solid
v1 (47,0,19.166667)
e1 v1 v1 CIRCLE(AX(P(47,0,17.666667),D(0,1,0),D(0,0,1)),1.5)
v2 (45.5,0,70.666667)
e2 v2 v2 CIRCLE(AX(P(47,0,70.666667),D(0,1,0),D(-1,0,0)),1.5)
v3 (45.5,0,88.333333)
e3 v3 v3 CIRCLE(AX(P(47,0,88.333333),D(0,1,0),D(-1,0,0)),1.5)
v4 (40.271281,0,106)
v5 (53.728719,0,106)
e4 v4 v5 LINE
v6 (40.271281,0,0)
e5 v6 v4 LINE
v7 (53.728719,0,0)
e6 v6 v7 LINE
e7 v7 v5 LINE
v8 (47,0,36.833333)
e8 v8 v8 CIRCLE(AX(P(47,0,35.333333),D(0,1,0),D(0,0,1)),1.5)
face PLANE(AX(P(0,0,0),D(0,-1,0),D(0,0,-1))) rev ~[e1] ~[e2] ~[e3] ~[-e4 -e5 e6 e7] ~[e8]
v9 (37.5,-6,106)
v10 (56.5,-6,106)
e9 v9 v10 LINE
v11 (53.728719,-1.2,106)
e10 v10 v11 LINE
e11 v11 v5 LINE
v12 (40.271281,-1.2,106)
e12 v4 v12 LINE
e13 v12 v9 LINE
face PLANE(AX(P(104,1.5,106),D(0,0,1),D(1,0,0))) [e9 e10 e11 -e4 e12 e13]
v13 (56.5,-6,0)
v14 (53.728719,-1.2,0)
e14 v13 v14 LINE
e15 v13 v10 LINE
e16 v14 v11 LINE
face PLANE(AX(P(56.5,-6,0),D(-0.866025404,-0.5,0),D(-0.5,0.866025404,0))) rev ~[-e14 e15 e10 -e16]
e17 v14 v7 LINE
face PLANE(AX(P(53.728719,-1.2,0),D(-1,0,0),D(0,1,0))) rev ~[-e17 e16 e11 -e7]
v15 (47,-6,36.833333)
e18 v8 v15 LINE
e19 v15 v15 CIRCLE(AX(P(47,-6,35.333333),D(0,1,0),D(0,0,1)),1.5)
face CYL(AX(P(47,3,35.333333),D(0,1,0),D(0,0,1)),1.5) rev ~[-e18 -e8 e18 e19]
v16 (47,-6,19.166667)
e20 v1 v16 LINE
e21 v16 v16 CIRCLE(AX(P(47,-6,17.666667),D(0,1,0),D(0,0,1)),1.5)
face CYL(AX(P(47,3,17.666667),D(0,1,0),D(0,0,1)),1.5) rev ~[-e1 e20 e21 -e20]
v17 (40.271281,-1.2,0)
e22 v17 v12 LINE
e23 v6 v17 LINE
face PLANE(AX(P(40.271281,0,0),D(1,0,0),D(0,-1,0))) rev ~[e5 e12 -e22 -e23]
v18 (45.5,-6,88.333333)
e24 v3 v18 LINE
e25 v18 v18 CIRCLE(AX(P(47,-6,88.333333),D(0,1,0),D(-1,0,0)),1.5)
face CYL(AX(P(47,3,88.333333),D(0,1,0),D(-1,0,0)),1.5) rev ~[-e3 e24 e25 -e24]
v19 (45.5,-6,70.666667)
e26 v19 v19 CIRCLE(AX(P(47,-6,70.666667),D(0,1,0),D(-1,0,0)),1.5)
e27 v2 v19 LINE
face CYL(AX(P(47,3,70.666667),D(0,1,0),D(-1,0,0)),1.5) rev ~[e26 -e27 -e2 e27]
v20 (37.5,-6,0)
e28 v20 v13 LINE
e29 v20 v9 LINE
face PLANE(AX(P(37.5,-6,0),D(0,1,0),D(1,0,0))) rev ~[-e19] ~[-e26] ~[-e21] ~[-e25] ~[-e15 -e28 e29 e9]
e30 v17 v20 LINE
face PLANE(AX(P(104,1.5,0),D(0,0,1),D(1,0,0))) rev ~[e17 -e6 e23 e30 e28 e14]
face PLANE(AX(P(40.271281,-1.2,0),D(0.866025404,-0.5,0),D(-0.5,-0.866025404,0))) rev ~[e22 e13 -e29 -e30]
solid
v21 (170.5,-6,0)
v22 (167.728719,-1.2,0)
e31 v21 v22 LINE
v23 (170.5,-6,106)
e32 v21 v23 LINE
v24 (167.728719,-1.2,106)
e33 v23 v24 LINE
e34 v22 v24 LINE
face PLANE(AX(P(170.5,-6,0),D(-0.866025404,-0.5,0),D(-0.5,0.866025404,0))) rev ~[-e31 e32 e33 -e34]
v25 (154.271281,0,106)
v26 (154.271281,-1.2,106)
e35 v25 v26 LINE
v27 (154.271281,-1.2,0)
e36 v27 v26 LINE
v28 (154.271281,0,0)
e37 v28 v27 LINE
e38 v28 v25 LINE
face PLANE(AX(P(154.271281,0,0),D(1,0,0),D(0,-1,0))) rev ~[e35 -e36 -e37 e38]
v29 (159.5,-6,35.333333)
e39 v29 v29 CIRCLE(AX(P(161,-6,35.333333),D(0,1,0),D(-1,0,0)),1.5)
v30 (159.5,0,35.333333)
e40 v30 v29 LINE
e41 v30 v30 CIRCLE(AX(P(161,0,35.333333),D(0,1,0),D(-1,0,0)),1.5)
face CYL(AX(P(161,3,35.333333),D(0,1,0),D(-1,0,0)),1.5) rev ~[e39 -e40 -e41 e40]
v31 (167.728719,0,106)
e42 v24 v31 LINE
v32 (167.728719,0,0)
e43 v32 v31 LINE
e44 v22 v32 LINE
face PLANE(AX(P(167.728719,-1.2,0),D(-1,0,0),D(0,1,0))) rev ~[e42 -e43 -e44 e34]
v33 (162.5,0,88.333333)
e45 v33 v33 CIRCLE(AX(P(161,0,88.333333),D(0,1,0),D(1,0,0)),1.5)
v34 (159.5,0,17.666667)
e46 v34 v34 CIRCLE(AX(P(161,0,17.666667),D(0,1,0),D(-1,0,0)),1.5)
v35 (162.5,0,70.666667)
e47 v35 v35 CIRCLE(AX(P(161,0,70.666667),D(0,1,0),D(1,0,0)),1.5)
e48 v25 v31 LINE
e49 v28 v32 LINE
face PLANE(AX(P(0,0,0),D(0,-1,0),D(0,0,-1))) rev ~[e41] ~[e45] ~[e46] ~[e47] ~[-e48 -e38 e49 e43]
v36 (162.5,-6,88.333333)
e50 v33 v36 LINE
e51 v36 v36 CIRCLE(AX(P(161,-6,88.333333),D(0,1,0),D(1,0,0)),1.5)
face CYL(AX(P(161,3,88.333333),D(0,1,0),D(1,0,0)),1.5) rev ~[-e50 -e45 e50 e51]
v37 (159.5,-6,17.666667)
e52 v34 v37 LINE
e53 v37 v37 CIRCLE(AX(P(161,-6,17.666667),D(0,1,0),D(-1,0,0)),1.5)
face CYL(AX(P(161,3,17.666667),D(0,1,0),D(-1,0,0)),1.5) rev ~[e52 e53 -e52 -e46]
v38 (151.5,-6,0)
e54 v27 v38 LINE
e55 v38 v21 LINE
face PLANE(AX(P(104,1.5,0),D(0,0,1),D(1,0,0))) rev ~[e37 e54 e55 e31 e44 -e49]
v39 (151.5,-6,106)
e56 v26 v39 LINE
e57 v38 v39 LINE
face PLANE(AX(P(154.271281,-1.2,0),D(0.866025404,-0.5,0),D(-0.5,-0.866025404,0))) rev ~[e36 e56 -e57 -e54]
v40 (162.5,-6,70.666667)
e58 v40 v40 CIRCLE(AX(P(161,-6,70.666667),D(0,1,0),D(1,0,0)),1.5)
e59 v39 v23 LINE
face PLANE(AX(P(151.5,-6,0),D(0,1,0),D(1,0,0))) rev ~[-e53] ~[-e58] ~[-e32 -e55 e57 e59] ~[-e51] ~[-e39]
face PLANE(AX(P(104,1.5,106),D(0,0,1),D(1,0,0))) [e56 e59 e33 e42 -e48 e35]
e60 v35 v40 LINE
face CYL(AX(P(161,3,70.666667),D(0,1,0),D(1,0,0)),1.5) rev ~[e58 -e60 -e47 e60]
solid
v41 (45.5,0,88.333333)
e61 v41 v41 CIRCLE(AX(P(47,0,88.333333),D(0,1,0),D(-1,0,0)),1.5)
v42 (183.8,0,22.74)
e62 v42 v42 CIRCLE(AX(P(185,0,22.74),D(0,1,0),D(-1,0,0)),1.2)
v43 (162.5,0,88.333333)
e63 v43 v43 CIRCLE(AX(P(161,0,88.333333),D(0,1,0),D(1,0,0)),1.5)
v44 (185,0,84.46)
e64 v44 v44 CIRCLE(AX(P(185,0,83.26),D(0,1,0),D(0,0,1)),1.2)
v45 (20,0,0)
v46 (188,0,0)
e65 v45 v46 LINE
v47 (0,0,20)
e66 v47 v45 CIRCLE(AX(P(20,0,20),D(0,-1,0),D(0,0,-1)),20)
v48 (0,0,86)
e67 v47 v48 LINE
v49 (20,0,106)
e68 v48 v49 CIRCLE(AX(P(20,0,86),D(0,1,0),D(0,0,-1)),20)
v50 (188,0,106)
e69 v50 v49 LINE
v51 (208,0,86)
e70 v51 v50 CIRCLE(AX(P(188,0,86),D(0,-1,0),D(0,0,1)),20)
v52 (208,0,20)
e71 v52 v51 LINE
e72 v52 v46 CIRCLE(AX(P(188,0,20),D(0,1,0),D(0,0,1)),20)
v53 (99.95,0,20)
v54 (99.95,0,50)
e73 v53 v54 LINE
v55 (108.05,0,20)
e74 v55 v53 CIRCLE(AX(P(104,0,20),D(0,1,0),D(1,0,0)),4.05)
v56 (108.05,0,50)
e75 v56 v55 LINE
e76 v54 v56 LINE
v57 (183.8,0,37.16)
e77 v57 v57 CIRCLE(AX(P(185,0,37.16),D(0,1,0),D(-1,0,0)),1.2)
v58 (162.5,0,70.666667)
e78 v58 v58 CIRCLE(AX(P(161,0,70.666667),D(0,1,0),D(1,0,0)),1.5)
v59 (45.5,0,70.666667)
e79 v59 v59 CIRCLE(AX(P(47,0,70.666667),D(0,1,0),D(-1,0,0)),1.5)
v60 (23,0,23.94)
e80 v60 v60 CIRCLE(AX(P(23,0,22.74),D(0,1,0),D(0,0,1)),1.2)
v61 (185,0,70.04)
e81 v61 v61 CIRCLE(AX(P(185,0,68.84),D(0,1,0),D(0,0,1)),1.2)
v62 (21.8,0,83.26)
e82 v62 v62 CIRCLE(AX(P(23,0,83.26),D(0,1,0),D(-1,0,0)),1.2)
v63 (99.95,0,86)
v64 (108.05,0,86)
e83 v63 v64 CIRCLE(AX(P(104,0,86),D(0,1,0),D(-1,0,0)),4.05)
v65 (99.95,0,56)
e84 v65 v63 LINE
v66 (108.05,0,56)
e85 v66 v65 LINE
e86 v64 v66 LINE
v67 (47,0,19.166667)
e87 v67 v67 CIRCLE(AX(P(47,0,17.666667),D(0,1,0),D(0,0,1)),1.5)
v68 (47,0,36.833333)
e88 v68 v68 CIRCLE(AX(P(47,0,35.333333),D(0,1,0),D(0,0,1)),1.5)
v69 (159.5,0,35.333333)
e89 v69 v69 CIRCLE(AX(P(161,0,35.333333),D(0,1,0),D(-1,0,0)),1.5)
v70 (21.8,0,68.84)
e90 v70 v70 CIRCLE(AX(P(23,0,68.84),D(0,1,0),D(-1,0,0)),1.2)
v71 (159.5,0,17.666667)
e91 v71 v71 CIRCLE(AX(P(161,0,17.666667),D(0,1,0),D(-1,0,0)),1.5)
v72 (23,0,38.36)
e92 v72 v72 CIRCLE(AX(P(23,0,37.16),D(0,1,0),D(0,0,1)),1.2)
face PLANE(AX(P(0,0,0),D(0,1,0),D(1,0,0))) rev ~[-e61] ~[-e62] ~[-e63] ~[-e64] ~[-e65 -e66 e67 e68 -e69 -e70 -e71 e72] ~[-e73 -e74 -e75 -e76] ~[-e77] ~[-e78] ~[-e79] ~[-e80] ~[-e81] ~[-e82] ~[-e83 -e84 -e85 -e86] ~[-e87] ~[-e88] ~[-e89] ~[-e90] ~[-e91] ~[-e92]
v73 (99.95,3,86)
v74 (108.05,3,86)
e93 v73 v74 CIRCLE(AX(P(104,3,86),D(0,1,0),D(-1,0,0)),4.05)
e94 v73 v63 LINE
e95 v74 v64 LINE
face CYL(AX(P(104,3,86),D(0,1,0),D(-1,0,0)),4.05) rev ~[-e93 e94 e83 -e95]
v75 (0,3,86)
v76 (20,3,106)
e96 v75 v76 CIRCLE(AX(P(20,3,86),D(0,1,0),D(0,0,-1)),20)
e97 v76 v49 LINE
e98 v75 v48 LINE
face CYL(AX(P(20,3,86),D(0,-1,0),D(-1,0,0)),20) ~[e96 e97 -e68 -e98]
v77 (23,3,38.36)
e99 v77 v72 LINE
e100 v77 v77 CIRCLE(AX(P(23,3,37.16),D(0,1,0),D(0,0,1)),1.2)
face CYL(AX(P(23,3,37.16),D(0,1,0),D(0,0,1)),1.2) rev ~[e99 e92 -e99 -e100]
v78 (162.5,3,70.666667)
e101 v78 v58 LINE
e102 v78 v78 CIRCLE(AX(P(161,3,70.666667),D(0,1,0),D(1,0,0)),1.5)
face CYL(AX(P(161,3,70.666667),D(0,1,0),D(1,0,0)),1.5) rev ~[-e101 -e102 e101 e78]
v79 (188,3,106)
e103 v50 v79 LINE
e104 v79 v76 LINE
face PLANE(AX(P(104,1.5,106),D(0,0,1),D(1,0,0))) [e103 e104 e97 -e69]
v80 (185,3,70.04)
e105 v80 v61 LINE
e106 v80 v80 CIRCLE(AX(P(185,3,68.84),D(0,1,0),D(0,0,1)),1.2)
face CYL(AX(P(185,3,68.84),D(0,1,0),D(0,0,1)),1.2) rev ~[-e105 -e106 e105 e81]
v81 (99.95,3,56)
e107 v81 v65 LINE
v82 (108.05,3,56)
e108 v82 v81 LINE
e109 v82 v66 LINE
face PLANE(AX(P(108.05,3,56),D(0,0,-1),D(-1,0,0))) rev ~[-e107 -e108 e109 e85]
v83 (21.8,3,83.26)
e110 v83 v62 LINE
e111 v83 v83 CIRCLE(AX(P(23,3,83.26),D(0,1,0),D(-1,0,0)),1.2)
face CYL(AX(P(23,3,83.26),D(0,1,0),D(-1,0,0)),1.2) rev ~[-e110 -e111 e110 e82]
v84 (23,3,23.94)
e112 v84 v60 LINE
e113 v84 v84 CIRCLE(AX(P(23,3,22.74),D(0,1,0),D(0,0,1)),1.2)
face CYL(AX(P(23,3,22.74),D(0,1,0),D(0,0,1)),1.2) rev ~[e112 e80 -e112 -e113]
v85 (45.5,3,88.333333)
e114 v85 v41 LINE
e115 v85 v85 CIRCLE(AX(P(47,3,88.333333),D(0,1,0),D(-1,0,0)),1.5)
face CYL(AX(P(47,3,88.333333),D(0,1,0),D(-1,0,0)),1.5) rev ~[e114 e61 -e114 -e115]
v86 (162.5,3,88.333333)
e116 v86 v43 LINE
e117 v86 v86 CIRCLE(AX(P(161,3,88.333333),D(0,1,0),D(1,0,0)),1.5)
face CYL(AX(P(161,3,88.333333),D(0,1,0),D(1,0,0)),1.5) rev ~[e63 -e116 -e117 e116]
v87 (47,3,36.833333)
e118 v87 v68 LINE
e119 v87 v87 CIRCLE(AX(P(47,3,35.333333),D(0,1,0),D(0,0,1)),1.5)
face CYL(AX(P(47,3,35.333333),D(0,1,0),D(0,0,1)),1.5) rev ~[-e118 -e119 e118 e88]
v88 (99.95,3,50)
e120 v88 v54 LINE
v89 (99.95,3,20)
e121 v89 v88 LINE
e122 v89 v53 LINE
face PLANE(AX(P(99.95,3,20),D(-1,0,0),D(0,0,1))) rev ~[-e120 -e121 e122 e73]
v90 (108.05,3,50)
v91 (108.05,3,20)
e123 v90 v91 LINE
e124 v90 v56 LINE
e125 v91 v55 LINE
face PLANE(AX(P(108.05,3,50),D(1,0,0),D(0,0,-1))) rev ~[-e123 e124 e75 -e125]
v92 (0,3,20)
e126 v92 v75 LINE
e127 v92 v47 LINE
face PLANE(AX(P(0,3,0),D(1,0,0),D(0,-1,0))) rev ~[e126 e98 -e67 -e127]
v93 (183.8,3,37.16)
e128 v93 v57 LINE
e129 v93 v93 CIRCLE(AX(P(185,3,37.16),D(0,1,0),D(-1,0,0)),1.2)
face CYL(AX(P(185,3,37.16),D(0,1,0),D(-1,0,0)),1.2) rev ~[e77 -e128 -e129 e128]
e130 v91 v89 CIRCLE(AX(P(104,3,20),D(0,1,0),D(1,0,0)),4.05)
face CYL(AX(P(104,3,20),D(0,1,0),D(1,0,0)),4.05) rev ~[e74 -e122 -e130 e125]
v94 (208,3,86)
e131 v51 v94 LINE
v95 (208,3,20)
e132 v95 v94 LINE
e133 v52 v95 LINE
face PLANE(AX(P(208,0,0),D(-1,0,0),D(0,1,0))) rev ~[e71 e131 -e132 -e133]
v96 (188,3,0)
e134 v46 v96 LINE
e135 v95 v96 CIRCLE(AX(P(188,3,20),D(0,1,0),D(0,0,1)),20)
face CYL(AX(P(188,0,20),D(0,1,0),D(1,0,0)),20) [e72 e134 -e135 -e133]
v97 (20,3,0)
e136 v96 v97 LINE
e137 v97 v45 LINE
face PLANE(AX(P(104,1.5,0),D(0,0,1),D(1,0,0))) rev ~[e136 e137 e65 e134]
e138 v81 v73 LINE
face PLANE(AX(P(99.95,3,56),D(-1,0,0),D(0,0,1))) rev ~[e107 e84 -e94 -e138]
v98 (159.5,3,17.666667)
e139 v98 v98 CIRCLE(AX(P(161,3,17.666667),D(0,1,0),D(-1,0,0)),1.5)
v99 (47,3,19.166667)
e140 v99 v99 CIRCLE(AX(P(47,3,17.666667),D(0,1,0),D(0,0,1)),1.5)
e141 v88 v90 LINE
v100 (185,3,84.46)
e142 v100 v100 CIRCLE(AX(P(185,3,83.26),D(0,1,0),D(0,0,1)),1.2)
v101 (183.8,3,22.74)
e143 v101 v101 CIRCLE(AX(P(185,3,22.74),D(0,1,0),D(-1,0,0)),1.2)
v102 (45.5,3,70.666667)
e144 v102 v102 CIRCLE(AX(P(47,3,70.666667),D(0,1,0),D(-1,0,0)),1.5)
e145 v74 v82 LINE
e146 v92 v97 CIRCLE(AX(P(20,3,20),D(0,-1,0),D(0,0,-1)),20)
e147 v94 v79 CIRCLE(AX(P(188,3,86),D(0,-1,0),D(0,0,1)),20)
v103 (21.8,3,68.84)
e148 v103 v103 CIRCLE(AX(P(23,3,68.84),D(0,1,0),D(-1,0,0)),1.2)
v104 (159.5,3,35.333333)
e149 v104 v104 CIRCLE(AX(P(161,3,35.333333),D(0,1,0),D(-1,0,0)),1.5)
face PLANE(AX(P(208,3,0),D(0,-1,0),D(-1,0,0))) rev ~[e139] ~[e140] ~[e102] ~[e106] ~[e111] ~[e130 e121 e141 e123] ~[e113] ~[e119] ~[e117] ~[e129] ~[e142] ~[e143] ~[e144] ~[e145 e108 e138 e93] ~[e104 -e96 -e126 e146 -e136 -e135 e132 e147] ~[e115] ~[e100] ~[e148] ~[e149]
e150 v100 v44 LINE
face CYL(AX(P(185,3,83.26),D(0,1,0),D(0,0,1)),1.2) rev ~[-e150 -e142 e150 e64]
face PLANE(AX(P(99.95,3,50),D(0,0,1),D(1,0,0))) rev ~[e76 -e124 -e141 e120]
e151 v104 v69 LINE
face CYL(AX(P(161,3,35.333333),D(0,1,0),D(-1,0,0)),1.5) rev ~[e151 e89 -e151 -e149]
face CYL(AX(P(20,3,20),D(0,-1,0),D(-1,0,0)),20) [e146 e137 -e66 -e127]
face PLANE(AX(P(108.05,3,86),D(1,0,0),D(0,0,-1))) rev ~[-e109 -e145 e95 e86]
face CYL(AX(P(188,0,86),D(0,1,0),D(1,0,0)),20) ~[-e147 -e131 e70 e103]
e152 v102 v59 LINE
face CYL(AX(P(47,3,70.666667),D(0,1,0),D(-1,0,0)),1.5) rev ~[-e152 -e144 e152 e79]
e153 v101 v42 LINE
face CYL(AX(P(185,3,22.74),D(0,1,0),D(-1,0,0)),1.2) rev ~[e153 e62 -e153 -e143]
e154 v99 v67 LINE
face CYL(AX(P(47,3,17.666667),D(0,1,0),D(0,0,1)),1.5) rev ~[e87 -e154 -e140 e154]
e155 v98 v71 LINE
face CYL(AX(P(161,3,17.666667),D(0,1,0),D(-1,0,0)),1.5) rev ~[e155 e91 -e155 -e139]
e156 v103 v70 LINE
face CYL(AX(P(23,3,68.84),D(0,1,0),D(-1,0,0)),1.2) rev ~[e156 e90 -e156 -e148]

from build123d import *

# Parameters (mm, degrees)
BOSS_EXTRUDE1_DEPTH = 106
FILLET1_R           = 20
SKETCH3_R           = 1.5
CUT_EXTRUDE3_DEPTH  = 10
SKETCH6_R           = 1.2
CUT_EXTRUDE4_DEPTH  = 10


with BuildPart() as part:
    # Sketch1 → Boss-Extrude1 (new body)
    with BuildSketch(Plane.XY):
        Polygon((208, 3), (0, 3), (0, 0), (40.271281292, 0), (53.728718708, 0), (154.271281292, 0), (167.728718708, 0), (208, 0), align=None)
        Polygon((167.728718708, -1.2), (167.728718708, 0), (154.271281292, 0), (154.271281292, -1.2), (151.5, -6), (170.5, -6), align=None)
        Polygon((53.728718708, 0), (40.271281292, 0), (40.271281292, -1.2), (37.5, -6), (56.5, -6), (53.728718708, -1.2), align=None)
    extrude(amount=BOSS_EXTRUDE1_DEPTH)

    # Fillet1
    fillet1_edges = [part.edges().sort_by_distance(p)[0] for p in [
        (208, 1.5, 106),
        (0, 1.5, 0),
        (208, 1.5, 0),
        (0, 1.5, 106),
    ]]
    fillet(fillet1_edges, radius=FILLET1_R)

    # Sketch3 → Cut-Extrude3 (cut)
    with BuildSketch(Plane(origin=(0, 3, 0), x_dir=(1, 0, 0), z_dir=(0, 1, 0))):
        with BuildLine():
            Line((108.05, -50), (108.05, -20))
            ThreePointArc((108.05, -20), (104, -15.95), (99.95, -20))
            Line((99.95, -20), (99.95, -50))
            Line((99.95, -50), (108.05, -50))
        make_face()
        with BuildLine():
            Line((108.05, -86), (108.05, -56))
            Line((108.05, -56), (99.95, -56))
            Line((99.95, -56), (99.95, -86))
            ThreePointArc((99.95, -86), (104, -90.05), (108.05, -86))
        make_face()
        with Locations(Location((47, -70.666666667, 0), (0, 0, 180))):
            Circle(SKETCH3_R)
        with Locations(Location((47, -88.333333333, 0), (0, 0, 180))):
            Circle(SKETCH3_R)
        with Locations((161, -88.333333333)):
            Circle(SKETCH3_R)
        with Locations((161, -70.666666667)):
            Circle(SKETCH3_R)
        with Locations(Location((161, -17.666666667, 0), (0, 0, 180))):
            Circle(SKETCH3_R)
        with Locations(Location((161, -35.333333333, 0), (0, 0, 180))):
            Circle(SKETCH3_R)
        with Locations(Location((47, -17.666666667, 0), (0, 0, 270))):
            Circle(SKETCH3_R)
        with Locations(Location((47, -35.333333333, 0), (0, 0, 270))):
            Circle(SKETCH3_R)
    extrude(amount=-CUT_EXTRUDE3_DEPTH, mode=Mode.SUBTRACT)

    # Sketch6 → Cut-Extrude4 (cut)
    with BuildSketch(Plane(origin=(0, 3, 0), x_dir=(1, 0, 0), z_dir=(0, 1, 0))):
        with Locations(Location((185, -22.74, 0), (0, 0, 180))):
            Circle(SKETCH6_R)
        with Locations(Location((185, -37.16, 0), (0, 0, 180))):
            Circle(SKETCH6_R)
        with Locations(Location((23, -22.74, 0), (0, 0, 270))):
            Circle(SKETCH6_R)
        with Locations(Location((23, -37.16, 0), (0, 0, 270))):
            Circle(SKETCH6_R)
        with Locations(Location((23, -83.26, 0), (0, 0, 180))):
            Circle(SKETCH6_R)
        with Locations(Location((23, -68.84, 0), (0, 0, 180))):
            Circle(SKETCH6_R)
        with Locations(Location((185, -83.26, 0), (0, 0, 270))):
            Circle(SKETCH6_R)
        with Locations(Location((185, -68.84, 0), (0, 0, 270))):
            Circle(SKETCH6_R)
    extrude(amount=-CUT_EXTRUDE4_DEPTH, mode=Mode.SUBTRACT)


with BuildPart() as body_2:
    # Split1: the piece on the far side of the plane
    add(part.part)
    split(bisect_by=Plane(origin=(0, 0, 0), x_dir=(0, 0, -1), z_dir=(0, -1, 0)), keep=Keep.BOTTOM)


with BuildPart() as part_1:
    add(part.part)

    # Split1
    split(bisect_by=Plane(origin=(0, 0, 0), x_dir=(0, 0, -1), z_dir=(0, -1, 0)), keep=Keep.TOP)


solid = Compound([body_2.part, part_1.part])
